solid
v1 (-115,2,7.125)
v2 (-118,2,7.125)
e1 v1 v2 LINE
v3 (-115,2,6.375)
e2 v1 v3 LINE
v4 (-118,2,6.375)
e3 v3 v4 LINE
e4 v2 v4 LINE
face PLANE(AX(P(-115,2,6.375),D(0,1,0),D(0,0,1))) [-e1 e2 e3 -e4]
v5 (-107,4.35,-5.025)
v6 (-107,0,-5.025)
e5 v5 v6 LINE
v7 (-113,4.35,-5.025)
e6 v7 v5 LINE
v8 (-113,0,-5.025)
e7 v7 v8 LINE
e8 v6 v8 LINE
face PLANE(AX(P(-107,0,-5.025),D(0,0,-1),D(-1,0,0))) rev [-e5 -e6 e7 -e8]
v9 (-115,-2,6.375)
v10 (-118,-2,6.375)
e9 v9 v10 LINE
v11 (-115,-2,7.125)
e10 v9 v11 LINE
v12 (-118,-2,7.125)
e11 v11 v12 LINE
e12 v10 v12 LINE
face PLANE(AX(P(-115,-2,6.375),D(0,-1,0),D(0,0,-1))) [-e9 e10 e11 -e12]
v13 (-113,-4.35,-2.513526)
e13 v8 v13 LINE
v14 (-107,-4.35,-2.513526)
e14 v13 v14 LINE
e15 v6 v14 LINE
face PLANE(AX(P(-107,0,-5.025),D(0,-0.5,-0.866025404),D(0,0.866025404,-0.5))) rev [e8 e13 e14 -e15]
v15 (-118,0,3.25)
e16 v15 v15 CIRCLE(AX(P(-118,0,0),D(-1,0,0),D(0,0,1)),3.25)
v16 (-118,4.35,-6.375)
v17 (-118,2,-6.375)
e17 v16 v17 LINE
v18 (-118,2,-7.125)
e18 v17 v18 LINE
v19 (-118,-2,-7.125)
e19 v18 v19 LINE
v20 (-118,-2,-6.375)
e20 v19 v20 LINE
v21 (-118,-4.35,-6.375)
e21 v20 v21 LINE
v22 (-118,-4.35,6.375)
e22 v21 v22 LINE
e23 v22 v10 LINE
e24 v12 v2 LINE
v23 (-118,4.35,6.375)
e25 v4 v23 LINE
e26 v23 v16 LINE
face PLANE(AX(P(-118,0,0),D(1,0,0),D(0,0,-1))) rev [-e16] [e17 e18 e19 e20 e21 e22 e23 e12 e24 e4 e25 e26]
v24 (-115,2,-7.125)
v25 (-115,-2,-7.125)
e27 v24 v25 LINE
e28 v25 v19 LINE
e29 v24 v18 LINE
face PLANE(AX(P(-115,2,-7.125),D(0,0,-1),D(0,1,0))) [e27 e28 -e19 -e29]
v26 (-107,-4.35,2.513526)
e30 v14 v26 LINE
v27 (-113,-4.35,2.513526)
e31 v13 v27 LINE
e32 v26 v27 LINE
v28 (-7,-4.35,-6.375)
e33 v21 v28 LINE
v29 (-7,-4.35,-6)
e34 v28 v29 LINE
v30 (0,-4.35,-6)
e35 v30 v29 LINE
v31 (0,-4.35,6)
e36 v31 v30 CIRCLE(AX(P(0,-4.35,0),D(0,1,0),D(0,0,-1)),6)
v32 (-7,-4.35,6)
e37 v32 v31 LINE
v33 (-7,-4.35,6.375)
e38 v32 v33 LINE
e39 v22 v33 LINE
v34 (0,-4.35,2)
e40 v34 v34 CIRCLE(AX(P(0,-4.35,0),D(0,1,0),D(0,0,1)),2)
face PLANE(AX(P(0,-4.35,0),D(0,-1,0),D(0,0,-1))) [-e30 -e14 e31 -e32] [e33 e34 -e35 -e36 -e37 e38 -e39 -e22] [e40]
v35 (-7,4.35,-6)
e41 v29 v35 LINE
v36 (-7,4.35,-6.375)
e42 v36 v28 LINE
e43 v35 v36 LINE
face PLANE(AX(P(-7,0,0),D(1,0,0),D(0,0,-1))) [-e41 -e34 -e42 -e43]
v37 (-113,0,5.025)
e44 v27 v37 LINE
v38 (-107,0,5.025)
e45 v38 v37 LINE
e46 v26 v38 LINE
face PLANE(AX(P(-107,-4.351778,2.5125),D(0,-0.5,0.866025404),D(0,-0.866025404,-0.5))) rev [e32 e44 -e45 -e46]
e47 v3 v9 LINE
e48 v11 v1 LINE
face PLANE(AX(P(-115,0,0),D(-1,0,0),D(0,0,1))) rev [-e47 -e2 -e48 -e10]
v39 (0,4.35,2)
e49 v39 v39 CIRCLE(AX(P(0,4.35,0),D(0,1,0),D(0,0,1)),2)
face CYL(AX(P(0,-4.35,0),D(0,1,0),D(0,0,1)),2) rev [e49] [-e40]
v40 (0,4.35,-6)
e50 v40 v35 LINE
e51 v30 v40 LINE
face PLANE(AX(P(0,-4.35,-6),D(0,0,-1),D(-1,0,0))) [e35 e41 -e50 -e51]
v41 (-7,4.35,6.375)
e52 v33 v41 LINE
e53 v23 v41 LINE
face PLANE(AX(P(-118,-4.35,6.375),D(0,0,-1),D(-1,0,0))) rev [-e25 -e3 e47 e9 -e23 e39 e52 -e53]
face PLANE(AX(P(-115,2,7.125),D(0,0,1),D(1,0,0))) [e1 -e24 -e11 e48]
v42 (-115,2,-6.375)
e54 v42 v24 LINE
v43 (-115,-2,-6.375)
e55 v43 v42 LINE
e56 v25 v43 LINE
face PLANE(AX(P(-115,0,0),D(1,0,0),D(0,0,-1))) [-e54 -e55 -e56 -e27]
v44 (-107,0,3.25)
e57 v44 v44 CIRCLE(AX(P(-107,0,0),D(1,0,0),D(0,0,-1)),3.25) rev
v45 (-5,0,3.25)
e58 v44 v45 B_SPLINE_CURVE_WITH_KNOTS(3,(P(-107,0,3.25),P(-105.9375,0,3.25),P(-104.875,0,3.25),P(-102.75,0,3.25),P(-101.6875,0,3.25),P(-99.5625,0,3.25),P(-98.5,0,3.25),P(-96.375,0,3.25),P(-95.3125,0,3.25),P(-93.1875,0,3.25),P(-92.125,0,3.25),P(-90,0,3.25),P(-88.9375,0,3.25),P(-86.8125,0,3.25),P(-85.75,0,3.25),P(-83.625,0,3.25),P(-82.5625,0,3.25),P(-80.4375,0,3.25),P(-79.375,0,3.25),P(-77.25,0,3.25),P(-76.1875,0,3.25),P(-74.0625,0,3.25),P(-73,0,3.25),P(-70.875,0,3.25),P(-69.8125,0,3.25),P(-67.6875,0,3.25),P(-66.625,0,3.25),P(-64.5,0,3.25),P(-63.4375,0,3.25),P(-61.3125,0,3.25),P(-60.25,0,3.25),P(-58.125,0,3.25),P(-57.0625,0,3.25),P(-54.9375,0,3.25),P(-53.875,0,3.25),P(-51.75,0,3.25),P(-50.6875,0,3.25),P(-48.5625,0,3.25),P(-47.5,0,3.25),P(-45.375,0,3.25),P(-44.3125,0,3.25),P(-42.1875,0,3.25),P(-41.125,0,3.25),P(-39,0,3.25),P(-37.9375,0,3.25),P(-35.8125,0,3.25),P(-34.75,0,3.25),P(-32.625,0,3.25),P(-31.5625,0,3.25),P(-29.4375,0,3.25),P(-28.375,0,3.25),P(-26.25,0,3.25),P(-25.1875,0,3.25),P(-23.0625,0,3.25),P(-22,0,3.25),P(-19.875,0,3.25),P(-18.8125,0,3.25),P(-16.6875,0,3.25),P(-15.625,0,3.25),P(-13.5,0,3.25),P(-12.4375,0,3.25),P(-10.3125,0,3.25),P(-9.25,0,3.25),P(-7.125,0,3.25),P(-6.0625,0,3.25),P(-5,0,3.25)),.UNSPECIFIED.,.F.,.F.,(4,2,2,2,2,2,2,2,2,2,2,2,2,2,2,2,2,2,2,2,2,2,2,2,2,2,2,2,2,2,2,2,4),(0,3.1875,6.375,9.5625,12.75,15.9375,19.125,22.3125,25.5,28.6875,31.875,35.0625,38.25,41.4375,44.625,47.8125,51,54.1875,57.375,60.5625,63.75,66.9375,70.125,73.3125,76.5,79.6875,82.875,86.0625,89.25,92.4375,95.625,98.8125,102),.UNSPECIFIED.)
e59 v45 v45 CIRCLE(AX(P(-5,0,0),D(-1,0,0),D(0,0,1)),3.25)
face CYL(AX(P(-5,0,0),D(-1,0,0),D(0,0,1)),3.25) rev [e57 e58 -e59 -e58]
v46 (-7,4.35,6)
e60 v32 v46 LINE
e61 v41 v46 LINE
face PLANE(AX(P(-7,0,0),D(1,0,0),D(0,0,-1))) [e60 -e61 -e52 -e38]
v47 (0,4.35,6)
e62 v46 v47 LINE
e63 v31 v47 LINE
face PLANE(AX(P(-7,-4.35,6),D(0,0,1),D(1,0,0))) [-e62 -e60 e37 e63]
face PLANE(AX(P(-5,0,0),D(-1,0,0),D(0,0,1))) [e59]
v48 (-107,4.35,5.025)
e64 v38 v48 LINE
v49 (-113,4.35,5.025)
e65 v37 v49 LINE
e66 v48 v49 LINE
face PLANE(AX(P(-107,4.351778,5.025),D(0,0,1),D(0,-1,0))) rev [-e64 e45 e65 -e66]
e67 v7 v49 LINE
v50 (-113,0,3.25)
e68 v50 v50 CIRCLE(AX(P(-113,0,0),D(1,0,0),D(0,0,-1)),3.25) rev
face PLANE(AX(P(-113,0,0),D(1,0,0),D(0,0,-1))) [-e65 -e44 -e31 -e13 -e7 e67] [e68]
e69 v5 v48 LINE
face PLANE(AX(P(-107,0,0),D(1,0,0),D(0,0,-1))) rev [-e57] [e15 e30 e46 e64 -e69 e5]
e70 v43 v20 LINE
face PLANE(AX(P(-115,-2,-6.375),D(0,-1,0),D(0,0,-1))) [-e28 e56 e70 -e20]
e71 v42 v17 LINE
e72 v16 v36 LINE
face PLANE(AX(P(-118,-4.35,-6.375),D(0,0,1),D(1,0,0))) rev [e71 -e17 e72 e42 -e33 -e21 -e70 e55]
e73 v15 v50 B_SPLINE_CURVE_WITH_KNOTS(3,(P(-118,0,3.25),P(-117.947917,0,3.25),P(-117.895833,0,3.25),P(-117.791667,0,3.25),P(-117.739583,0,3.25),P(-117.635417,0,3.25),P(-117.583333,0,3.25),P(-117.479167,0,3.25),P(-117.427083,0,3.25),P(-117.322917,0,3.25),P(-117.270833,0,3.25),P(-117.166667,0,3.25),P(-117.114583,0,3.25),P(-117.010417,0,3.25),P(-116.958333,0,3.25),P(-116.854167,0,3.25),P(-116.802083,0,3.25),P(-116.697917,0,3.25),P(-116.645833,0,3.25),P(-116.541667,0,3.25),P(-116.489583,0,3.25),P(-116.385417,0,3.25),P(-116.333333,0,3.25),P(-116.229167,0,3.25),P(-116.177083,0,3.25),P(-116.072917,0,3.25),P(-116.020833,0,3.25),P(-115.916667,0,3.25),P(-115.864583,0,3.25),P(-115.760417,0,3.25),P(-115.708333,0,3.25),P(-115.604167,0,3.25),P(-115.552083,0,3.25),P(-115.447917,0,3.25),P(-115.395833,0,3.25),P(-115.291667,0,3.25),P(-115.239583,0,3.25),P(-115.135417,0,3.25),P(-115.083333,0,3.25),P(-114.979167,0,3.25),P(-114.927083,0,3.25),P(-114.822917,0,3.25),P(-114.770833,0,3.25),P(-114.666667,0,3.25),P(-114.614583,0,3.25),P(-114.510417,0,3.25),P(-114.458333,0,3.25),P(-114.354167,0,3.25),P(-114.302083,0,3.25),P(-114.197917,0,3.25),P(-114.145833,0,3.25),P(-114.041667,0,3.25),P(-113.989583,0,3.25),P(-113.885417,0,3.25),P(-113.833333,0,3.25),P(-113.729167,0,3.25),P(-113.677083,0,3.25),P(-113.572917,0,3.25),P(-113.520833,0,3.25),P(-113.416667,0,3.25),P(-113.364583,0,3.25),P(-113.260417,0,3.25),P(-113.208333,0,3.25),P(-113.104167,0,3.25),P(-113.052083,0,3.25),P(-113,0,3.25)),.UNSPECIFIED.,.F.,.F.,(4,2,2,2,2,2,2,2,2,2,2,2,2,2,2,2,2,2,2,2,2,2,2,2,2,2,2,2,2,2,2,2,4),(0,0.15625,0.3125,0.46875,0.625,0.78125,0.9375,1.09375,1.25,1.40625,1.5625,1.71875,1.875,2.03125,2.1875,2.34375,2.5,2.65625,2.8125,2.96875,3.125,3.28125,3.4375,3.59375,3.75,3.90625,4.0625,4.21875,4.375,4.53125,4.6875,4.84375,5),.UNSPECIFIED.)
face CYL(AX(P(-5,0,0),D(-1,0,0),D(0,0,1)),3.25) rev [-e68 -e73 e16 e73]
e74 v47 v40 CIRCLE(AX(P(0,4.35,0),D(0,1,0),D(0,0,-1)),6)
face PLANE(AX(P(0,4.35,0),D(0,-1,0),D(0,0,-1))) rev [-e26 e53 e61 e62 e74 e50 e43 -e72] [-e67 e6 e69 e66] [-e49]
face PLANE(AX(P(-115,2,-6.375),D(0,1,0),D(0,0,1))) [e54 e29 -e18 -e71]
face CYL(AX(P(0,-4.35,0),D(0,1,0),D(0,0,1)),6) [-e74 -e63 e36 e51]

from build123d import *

# Parameters (mm, degrees)
BOSS_EXTRUDE1_DEPTH      = 4.35
BOSS_EXTRUDE1_DEPTH_BACK = 4.35
SKETCH3_R                = 2
BOSS_EXTRUDE2_DEPTH      = 111
SKETCH5_R                = 3.25
CUT_EXTRUDE1_DEPTH       = 113
CUT_EXTRUDE2_START       = -5
CUT_EXTRUDE2_DEPTH       = 6
SKETCH8_W                = 0.75
SKETCH8_H                = 4
BOSS_EXTRUDE4_DEPTH      = 3


with BuildPart() as part:
    # Sketch3 → Boss-Extrude1 (new, two sides: drawn at the far end of the back side and taken through both)
    with BuildSketch(Plane(origin=(0, 0, 0), x_dir=(1, 0, 0), z_dir=(0, 1, 0)).offset(-BOSS_EXTRUDE1_DEPTH_BACK)):
        with BuildLine():
            Line((0, 6), (-7, 6))
            Line((-7, 6), (-7, -6))
            Line((-7, -6), (0, -6))
            ThreePointArc((0, -6), (6, 0), (0, 6))
        make_face()
        Circle(SKETCH3_R, mode=Mode.SUBTRACT)
    extrude(amount=BOSS_EXTRUDE1_DEPTH + BOSS_EXTRUDE1_DEPTH_BACK)

    # Sketch4 → Boss-Extrude2 (add)
    with BuildSketch(Plane.ZY.offset(7)):
        Polygon((-6.375, -4.35), (6.375, -4.35), (6.375, 0.817855369), (6.375, 4.35), (-6.375, 4.35), (-6.375, -0.75), align=None)
    extrude(amount=BOSS_EXTRUDE2_DEPTH)

    # Sketch5 → Cut-Extrude1 (cut)
    with BuildSketch(Plane.ZY.offset(118)):
        Circle(SKETCH5_R)
    extrude(amount=-CUT_EXTRUDE1_DEPTH, mode=Mode.SUBTRACT)

    # Sketch6 → Cut-Extrude2 (cut)
    with BuildSketch(Plane.ZY.offset(118).offset(CUT_EXTRUDE2_START)):
        Polygon((-5.025, 0), (-5.025, 4.351777654), (-2.5125, 4.351777654), (2.5125, 4.351777654), (5.025, 4.351777654), (5.025, 0), (2.5125, -4.351777654), (-2.5125, -4.351777654), align=None)
    extrude(amount=-CUT_EXTRUDE2_DEPTH, mode=Mode.SUBTRACT)

    # Sketch8 → Boss-Extrude4 (add)
    with BuildSketch(Plane.ZY.offset(118)):
        with Locations((-6.75, 0)):
            Rectangle(SKETCH8_W, SKETCH8_H)
        with Locations((6.75, 0)):
            Rectangle(SKETCH8_W, SKETCH8_H)
    extrude(amount=-BOSS_EXTRUDE4_DEPTH)


solid = part.part
